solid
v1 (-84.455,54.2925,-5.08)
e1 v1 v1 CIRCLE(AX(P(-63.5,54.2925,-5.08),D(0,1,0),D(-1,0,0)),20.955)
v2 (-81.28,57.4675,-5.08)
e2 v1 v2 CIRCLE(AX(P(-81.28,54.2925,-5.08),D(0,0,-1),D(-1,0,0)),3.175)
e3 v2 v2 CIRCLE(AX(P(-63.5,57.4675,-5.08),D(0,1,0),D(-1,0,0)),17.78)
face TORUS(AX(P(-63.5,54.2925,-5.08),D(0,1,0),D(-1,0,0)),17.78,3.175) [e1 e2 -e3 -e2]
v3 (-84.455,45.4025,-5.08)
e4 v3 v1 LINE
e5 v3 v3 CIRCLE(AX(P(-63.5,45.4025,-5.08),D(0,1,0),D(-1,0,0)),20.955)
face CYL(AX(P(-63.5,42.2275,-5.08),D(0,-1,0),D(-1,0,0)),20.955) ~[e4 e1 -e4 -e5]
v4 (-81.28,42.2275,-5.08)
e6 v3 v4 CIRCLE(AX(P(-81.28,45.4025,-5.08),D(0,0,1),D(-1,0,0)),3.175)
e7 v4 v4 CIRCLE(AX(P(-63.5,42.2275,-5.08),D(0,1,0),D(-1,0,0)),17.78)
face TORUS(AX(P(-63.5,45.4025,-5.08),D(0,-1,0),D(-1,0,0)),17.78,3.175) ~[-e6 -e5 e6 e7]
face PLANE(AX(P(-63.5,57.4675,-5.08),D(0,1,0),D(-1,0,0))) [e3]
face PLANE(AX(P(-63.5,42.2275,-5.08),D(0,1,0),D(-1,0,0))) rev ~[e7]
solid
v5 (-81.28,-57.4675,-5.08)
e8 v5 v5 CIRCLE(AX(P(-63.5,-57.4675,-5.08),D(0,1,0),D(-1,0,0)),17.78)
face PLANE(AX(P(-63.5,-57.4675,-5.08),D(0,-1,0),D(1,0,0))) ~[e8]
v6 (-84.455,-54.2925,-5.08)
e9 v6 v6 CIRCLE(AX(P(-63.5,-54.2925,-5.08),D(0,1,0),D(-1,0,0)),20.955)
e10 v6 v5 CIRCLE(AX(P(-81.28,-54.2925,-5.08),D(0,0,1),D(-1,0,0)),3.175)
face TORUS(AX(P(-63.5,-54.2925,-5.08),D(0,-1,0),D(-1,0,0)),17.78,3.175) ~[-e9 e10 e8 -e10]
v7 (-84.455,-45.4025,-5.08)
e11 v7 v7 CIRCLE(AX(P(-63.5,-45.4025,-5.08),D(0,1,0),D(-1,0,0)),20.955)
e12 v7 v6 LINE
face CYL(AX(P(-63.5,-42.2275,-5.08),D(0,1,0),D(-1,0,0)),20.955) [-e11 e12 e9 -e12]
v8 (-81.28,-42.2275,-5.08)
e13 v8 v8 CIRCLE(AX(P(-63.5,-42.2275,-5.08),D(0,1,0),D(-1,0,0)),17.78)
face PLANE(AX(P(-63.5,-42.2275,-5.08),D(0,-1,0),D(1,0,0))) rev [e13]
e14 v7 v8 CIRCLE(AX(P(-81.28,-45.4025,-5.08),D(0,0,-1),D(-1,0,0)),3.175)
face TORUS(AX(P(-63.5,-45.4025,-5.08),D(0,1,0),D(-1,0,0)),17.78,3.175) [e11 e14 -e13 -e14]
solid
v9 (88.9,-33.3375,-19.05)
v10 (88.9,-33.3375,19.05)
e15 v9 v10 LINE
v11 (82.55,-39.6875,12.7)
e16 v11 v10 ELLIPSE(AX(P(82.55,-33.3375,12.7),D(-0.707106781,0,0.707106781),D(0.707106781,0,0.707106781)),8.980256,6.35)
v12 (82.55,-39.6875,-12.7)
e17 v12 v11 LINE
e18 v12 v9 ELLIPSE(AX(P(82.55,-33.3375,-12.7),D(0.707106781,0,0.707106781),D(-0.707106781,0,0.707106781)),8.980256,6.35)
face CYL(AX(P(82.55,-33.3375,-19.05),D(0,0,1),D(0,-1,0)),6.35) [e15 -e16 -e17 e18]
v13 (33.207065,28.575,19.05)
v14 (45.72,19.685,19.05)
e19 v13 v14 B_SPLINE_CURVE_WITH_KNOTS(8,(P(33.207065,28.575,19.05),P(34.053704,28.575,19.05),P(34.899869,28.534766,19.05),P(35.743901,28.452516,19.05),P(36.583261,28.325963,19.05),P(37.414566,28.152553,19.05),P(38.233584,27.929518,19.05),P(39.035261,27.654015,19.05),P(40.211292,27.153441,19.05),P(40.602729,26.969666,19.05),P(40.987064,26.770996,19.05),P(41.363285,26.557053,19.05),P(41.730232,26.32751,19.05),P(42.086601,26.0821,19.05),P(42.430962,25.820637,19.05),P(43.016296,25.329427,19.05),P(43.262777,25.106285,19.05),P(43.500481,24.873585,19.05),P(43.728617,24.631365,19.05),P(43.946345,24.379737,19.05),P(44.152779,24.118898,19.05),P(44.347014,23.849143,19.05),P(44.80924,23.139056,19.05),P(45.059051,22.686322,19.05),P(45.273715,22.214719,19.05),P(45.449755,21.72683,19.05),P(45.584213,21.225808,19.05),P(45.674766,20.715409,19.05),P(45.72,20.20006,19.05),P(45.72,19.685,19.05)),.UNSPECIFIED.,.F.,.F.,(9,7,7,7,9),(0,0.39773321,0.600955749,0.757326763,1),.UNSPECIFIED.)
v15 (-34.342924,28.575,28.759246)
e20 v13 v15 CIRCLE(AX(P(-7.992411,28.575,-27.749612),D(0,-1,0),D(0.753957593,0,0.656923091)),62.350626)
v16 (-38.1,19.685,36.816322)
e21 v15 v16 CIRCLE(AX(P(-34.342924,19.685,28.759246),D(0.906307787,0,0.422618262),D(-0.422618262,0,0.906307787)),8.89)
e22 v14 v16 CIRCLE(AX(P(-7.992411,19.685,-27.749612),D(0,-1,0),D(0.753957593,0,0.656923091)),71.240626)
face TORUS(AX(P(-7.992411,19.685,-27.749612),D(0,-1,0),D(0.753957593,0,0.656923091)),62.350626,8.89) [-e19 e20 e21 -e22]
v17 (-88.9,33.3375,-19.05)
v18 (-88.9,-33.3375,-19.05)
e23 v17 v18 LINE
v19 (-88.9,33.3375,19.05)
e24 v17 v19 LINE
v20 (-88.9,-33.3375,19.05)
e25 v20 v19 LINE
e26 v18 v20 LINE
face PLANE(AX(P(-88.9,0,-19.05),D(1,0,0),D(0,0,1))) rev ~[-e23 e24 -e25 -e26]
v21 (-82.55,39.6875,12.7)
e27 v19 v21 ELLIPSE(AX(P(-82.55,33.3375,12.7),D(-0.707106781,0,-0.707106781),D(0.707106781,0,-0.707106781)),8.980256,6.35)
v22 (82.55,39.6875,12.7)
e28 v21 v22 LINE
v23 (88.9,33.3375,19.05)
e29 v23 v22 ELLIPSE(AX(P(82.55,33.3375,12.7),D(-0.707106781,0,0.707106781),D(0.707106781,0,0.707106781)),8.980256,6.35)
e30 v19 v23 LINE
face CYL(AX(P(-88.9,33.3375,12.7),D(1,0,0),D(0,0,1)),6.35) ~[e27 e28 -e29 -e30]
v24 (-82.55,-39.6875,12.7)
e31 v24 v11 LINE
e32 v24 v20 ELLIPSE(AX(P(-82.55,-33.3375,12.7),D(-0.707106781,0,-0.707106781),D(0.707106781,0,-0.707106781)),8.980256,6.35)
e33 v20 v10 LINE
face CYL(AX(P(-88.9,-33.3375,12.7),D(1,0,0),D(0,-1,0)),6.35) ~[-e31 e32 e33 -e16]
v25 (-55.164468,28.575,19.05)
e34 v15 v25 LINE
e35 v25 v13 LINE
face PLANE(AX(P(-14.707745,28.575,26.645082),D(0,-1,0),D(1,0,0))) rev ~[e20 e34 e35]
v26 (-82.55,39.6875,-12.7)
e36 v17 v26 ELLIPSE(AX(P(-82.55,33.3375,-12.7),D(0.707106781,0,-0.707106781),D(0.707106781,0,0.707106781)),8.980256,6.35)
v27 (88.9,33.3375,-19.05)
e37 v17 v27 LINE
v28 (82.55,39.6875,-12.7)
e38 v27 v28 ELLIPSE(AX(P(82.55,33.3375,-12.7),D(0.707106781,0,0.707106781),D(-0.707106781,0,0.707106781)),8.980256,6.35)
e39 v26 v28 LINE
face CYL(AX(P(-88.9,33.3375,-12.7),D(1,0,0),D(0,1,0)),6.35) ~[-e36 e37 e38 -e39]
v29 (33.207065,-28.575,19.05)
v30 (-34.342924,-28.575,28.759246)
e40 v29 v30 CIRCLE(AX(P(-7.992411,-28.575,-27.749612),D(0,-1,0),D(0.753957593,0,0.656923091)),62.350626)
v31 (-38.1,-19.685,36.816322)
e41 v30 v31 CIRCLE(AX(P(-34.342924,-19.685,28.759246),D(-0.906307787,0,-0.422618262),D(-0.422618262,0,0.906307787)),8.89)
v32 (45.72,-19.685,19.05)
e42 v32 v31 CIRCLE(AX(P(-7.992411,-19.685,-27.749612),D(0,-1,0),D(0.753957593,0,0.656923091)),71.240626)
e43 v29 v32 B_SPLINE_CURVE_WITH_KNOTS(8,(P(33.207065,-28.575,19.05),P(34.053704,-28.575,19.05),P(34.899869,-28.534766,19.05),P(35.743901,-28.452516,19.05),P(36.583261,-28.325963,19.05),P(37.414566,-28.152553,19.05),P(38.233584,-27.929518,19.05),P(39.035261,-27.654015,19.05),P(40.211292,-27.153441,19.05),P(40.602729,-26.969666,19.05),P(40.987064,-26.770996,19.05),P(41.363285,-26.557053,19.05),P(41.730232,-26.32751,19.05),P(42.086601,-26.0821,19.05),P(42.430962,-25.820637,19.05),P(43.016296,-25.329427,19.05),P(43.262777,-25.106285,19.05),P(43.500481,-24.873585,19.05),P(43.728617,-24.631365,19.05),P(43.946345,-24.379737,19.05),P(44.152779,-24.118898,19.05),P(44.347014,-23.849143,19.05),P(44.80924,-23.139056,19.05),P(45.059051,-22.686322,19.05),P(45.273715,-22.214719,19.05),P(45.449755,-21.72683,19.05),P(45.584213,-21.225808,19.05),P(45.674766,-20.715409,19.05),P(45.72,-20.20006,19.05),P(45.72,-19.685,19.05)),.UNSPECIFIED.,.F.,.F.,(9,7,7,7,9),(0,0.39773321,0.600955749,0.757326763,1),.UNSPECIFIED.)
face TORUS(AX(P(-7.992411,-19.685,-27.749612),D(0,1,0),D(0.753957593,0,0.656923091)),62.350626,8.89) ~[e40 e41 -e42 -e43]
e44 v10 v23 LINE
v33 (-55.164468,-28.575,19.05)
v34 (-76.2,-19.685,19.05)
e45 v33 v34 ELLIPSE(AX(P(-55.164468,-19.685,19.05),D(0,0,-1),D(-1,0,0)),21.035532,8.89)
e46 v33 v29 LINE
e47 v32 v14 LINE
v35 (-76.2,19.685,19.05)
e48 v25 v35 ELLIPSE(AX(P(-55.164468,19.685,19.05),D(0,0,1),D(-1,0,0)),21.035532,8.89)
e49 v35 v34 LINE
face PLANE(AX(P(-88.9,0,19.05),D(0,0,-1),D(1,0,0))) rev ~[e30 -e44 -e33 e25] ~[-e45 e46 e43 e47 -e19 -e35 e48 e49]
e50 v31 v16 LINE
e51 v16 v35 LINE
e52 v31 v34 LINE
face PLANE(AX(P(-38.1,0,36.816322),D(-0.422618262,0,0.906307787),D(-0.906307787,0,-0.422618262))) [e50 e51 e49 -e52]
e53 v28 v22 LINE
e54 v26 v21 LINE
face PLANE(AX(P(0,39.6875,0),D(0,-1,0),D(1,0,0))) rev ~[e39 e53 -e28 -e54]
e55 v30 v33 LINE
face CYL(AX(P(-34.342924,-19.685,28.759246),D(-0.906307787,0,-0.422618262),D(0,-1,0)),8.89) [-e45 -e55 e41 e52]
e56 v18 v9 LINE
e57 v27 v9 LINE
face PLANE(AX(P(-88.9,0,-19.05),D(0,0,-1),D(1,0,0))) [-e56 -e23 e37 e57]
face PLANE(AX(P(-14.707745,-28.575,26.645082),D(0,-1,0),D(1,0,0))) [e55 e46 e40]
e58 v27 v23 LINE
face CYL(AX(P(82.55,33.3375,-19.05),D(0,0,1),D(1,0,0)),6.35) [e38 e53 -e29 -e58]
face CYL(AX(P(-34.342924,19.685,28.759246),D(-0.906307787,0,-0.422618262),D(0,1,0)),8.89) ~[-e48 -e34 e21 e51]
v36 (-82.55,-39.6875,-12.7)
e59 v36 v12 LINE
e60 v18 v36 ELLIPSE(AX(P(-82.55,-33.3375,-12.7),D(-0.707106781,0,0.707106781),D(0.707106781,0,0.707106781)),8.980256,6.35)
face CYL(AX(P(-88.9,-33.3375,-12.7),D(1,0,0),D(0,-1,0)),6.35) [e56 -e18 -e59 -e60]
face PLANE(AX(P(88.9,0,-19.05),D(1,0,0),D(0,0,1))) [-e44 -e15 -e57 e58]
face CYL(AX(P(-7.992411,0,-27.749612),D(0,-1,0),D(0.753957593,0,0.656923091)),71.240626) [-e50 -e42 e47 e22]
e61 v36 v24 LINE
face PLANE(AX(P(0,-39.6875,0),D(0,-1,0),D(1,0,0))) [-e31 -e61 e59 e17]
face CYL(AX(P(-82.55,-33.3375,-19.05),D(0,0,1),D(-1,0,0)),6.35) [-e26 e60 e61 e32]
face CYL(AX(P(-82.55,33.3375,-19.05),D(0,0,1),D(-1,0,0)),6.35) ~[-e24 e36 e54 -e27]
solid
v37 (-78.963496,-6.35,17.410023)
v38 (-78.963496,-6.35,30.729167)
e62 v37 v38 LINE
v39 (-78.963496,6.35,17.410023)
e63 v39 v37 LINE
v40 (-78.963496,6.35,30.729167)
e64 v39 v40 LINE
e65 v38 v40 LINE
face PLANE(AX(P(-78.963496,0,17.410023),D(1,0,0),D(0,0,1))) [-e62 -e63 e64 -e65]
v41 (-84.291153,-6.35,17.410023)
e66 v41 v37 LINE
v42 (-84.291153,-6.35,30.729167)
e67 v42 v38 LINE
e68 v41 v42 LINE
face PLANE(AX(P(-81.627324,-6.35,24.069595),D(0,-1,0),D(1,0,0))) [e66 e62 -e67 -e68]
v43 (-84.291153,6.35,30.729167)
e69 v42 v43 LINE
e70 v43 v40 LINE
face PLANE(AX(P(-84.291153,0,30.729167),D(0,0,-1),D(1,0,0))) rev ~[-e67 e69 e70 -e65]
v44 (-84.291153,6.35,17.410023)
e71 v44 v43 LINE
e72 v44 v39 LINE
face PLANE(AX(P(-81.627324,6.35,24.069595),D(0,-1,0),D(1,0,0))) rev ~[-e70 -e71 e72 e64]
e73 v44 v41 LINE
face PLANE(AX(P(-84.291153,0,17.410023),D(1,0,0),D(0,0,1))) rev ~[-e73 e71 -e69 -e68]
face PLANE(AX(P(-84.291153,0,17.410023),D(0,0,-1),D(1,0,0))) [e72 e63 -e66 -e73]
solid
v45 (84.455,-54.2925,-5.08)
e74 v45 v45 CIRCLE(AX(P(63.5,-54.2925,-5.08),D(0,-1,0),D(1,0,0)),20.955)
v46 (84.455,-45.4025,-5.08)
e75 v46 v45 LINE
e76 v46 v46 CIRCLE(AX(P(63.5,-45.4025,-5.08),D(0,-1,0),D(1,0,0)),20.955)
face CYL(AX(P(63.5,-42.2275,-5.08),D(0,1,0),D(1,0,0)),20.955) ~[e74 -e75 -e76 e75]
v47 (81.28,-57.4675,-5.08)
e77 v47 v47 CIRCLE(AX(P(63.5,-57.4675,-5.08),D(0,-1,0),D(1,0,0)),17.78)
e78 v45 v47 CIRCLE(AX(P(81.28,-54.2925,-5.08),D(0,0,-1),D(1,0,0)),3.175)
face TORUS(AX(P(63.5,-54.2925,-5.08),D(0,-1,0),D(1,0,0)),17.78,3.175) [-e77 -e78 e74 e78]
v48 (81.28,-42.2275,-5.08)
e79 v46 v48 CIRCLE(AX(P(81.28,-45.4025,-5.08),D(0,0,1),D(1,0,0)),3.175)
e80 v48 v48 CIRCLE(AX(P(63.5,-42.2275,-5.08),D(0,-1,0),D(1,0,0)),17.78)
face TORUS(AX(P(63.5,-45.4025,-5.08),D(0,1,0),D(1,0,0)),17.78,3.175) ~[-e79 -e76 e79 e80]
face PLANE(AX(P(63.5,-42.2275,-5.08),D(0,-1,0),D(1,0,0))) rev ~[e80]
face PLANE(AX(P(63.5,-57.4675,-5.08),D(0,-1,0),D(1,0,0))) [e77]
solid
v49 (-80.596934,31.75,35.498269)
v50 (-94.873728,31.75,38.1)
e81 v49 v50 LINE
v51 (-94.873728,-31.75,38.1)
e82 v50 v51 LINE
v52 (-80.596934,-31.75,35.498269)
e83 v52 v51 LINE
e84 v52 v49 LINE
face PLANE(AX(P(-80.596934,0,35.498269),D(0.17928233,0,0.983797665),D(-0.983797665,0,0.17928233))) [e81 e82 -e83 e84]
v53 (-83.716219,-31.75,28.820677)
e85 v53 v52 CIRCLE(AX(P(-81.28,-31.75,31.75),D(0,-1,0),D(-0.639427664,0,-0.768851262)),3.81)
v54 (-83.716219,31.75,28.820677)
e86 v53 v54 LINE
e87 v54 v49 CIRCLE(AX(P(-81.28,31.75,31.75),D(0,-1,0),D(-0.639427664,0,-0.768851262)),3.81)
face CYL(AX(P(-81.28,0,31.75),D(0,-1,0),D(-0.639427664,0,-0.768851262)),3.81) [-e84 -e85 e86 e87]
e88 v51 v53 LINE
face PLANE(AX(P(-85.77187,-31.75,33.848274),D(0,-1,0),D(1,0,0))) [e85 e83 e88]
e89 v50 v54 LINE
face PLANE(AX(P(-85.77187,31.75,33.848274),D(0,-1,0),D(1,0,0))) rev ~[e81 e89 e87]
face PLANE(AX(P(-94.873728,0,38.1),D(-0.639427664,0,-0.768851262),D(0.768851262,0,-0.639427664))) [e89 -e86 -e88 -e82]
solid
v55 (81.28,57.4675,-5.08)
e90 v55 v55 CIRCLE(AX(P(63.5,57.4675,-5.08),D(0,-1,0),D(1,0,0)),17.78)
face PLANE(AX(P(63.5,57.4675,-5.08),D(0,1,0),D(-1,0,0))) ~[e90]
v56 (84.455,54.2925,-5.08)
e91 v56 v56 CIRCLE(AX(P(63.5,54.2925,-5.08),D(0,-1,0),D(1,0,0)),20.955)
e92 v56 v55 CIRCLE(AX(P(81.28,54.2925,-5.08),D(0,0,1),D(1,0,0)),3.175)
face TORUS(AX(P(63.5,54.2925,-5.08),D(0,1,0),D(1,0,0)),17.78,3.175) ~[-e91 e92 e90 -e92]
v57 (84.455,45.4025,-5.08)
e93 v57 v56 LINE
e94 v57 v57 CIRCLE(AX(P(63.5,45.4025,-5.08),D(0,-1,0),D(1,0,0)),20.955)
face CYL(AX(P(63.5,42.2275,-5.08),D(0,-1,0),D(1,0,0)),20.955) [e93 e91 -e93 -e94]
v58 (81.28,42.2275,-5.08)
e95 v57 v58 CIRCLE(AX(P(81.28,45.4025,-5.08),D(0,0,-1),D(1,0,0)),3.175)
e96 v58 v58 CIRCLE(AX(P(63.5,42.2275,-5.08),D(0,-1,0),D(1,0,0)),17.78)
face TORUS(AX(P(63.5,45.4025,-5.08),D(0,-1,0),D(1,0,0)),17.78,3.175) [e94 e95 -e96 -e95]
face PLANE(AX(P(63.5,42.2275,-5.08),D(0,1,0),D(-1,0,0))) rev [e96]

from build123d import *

# Parameters (mm, degrees)
F1_W      = 177.8
F1_H      = 38.1
F2_DEPTH  = 39.6875
F4_R      = 20.955
F5_DEPTH  = 15.24
F6_R      = 6.35
F7_R      = 3.175
F11_DEPTH = 28.575
F12_R     = 8.89
F14_DEPTH = 31.75
F15_W     = 5.3276568651
F15_H     = 13.3191440254
F16_DEPTH = 6.35


with BuildPart() as f2:
    # F1 (on Front) → F2 (new body, symmetric)
    with BuildSketch(Plane.XZ):
        Rectangle(F1_W, F1_H)
    extrude(amount=F2_DEPTH, both=True)

    # F6
    f6_edges = [f2.edges().sort_by_distance(p)[0] for p in [
        (88.9, -39.6875, 0),
        (0, -39.6875, 19.05),
        (-88.9, -39.6875, 0),
        (0, -39.6875, -19.05),
        (88.9, 39.6875, 0),
        (0, 39.6875, 19.05),
        (-88.9, 39.6875, 0),
        (0, 39.6875, -19.05),
    ]]
    fillet(f6_edges, radius=F6_R)

    # F10 (on Front) → F11 (join, symmetric)
    with BuildSketch(Plane.XZ):
        with BuildLine():
            Line((-38.1, 36.8163217757), (-76.2, 19.05))
            Line((-76.2, 19.05), (45.72, 19.05))
            ThreePointArc((45.72, 19.05), (6.7794356993, 41.9427067836), (-38.1, 36.8163217757))
        make_face()
    extrude(amount=F11_DEPTH, both=True)

    # F12
    f12_edges = [f2.edges().sort_by_distance(p)[0] for p in [
        (-57.15, 28.575, 27.933161),
        (6.779436, 28.575, 41.942707),
        (-57.15, -28.575, 27.933161),
        (6.779436, -28.575, 41.942707),
    ]]
    fillet(f12_edges, radius=F12_R)


with BuildPart() as f5:
    # F4 (on offset) → F5 (new body)
    with BuildSketch(Plane.XZ.offset(42.2275)):
        with Locations((63.5, -5.08)):
            Circle(F4_R)
    extrude(amount=F5_DEPTH)

    # F7
    f7_edges = [f5.edges().sort_by_distance(p)[0] for p in [
        (84.455, -49.8475, -5.08),
        (42.545, -42.2275, -5.08),
        (42.545, -57.4675, -5.08),
    ]]
    fillet(f7_edges, radius=F7_R)


with BuildPart() as f8_1:
    # F8: instance of F5
    add(f5.part.mirror(Plane.XZ))


with BuildPart() as f9_1:
    # F9: instance of F8_1
    add(f8_1.part.mirror(Plane.YZ))


with BuildPart() as f9_2:
    # F9: instance of F5
    add(f5.part.mirror(Plane.YZ))


with BuildPart() as f14:
    # F13 (on Front) → F14 (new body, symmetric)
    with BuildSketch(Plane.XZ):
        with BuildLine():
            Line((-80.5969343208, 35.4982691043), (-94.8737276529, 38.1))
            Line((-94.8737276529, 38.1), (-83.7162193985, 28.8206766921))
            ThreePointArc((-83.7162193985, 28.8206766921), (-77.8280516955, 30.1375010377), (-80.5969343208, 35.4982691043))
        make_face()
    extrude(amount=F14_DEPTH, both=True)


with BuildPart() as f16:
    # F15 (on Front) → F16 (new body, symmetric)
    with BuildSketch(Plane.XZ):
        with Locations((-81.6273242235, 24.0695951506)):
            Rectangle(F15_W, F15_H)
    extrude(amount=F16_DEPTH, both=True)


solid = Compound([f2.part, f5.part, f8_1.part, f9_1.part, f9_2.part, f14.part, f16.part])
